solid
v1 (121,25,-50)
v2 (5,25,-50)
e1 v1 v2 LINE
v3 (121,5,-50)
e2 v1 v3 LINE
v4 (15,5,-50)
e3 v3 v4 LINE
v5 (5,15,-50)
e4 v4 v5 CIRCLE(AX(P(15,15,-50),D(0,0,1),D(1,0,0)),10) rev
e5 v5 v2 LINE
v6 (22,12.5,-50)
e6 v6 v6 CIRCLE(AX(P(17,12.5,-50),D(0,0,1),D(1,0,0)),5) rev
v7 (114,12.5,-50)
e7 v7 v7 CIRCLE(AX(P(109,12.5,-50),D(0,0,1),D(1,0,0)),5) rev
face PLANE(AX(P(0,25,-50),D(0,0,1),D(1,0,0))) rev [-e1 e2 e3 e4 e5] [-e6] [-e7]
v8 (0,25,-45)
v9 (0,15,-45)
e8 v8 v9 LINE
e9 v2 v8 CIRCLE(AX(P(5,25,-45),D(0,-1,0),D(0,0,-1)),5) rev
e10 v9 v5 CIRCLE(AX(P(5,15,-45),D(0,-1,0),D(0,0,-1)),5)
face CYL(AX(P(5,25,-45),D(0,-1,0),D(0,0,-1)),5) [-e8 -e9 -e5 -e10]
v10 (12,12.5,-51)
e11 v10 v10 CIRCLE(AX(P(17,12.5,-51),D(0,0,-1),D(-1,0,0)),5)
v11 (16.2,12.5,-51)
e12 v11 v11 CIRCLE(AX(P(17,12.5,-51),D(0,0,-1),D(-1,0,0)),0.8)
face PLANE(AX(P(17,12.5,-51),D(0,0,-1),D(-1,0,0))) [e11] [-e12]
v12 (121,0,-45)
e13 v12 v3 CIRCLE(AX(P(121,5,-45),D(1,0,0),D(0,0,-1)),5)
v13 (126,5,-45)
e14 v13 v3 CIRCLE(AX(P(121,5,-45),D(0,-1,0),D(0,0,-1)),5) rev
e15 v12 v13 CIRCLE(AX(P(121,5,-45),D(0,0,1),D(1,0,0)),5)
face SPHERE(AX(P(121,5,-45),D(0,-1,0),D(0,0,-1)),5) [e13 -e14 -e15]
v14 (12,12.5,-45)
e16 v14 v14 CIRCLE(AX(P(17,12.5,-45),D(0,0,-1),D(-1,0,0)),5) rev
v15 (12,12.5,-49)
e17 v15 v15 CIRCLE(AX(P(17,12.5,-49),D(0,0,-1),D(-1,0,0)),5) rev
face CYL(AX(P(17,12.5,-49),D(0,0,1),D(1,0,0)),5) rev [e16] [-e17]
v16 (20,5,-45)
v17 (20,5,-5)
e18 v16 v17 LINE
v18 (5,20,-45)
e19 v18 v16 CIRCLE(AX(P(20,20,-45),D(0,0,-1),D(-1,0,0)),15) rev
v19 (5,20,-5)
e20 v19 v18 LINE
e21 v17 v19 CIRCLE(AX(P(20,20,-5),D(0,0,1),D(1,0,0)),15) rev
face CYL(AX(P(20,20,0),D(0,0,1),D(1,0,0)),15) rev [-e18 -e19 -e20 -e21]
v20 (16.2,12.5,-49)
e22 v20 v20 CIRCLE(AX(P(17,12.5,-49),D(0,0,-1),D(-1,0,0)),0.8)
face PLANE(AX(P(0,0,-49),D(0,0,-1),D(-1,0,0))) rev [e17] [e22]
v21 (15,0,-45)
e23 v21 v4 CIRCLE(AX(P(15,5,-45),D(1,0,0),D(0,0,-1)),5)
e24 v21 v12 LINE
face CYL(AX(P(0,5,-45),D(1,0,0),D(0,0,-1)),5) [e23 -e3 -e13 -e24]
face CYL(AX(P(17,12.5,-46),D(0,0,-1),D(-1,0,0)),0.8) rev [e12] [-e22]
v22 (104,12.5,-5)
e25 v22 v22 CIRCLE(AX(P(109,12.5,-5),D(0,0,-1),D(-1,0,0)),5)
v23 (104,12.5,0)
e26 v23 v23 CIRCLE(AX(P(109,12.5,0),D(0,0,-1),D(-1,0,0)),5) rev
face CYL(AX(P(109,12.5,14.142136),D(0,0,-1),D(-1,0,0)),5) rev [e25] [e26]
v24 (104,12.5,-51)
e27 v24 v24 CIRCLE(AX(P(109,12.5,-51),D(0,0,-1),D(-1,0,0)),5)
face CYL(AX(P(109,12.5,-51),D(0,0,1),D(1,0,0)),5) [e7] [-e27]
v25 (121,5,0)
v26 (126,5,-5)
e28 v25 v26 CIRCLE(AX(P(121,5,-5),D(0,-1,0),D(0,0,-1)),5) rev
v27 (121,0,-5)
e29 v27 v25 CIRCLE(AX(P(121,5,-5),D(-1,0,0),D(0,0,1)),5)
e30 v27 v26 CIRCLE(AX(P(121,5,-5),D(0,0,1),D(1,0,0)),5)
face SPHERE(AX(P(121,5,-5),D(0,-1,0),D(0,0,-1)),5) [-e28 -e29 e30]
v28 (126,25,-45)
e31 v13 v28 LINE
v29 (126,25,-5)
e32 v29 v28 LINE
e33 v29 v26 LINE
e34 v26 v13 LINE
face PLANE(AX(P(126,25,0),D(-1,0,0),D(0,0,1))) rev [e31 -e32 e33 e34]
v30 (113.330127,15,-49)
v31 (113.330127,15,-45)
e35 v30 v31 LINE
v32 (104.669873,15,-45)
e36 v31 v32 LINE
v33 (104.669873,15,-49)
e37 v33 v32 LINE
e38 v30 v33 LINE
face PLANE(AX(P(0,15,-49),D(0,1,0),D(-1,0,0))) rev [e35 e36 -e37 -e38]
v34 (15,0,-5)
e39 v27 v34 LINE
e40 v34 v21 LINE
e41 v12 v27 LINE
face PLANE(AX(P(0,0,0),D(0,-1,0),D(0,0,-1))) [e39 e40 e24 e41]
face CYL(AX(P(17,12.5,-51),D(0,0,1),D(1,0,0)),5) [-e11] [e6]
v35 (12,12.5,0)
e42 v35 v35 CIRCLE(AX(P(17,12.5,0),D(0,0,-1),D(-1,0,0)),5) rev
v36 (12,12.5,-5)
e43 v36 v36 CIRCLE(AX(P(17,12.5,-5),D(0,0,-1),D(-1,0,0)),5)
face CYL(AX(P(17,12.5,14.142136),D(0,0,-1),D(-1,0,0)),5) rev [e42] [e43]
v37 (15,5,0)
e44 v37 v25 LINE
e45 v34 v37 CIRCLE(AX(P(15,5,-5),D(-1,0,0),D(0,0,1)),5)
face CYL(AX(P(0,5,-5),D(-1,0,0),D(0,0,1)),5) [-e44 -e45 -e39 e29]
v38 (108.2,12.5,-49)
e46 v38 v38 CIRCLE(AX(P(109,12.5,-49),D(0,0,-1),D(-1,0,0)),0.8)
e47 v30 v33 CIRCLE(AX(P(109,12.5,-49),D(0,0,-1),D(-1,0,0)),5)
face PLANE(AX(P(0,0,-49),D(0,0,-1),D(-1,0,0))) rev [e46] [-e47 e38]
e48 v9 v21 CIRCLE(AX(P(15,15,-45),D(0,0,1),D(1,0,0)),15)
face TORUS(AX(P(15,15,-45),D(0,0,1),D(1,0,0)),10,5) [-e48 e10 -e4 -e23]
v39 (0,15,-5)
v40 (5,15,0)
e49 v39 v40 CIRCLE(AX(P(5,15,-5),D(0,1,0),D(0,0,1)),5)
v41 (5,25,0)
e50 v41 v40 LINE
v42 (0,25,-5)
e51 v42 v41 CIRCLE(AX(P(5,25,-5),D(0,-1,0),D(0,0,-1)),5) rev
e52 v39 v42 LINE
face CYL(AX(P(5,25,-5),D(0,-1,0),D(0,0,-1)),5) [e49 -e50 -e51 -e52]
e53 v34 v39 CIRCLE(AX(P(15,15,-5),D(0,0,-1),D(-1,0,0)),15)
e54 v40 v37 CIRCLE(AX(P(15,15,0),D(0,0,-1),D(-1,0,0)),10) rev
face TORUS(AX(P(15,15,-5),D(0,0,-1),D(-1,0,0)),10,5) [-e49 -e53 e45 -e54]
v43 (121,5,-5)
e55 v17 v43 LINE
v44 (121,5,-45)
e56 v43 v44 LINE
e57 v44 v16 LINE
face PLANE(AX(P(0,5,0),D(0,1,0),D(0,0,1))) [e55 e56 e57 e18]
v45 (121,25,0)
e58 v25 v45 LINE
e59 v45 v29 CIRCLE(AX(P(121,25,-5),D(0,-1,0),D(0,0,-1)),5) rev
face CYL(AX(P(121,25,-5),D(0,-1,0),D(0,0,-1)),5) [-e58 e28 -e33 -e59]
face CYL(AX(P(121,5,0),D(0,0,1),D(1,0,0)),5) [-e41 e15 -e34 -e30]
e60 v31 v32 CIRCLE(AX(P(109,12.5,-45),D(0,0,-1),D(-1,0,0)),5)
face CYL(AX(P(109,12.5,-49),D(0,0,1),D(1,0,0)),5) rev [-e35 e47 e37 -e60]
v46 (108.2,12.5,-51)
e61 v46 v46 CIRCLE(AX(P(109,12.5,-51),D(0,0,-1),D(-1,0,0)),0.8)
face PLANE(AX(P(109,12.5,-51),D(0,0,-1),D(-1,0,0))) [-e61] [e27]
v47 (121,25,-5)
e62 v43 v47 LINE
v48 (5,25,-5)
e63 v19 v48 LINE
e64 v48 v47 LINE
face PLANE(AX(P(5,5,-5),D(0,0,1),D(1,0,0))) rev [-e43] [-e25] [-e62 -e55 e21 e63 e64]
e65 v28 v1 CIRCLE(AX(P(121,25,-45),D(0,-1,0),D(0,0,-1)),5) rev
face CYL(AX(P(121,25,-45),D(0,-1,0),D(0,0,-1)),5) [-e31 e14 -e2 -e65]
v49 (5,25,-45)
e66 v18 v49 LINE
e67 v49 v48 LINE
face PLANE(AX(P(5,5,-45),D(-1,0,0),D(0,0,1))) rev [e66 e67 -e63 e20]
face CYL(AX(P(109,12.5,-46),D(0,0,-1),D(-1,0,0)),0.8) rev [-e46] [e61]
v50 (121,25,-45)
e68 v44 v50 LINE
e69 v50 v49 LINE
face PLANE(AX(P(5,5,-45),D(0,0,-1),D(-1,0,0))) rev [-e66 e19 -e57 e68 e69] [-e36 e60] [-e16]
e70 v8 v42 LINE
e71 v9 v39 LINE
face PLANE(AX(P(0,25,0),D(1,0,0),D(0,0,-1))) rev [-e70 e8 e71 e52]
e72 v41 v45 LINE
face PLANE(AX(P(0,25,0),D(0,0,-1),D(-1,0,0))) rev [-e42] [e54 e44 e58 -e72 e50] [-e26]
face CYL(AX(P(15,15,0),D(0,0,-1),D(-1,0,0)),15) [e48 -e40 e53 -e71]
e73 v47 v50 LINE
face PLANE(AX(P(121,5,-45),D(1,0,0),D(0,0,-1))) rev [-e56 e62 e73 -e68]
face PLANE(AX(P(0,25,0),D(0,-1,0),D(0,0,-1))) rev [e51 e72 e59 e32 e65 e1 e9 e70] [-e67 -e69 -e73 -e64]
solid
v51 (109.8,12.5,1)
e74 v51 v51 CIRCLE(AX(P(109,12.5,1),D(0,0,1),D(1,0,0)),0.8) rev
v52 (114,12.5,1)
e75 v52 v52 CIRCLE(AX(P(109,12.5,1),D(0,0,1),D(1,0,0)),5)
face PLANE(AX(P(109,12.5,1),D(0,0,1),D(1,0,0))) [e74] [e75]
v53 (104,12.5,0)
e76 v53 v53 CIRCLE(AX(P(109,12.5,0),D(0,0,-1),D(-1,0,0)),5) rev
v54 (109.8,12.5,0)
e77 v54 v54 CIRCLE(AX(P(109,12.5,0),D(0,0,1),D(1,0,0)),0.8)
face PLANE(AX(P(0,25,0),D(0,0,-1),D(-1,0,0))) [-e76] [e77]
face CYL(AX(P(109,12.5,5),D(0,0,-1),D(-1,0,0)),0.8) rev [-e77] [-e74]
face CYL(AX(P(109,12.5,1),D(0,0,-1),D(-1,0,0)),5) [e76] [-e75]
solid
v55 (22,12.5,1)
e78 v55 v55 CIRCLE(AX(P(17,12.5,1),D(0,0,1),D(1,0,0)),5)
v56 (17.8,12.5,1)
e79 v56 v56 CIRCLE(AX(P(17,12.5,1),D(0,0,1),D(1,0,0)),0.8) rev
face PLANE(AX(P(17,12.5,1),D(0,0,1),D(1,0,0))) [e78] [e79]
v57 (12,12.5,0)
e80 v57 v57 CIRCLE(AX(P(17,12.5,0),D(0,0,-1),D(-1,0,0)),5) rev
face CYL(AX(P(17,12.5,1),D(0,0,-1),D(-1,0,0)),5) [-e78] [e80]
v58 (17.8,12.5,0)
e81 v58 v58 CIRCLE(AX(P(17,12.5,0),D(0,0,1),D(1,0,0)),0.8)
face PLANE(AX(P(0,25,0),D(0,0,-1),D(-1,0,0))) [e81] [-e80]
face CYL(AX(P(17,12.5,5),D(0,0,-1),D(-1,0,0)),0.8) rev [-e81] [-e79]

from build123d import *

# Parameters (mm, degrees)
SKETCH1_W           = 126
SKETCH1_H           = 50
BOSS_EXTRUDE1_DEPTH = 25
SKETCH3_W           = 116
SKETCH3_H           = 40
CUT_EXTRUDE1_DEPTH  = 20
FILLET1_R           = 15
FILLET2_R           = 15
CUT_EXTRUDE2_START  = -5
SKETCH4_R           = 5
CUT_EXTRUDE2_DEPTH  = 4
SKETCH9_R           = 5
BOSS_EXTRUDE5_DEPTH = 1
SKETCH11_R          = 0.8
CUT_EXTRUDE5_DEPTH  = 5
FILLET3_R           = 5
FILLET4_R           = 5
BOSS_EXTRUDE6_START = 1
SKETCH12_R          = 5
BOSS_EXTRUDE6_DEPTH = 1
CUT_EXTRUDE8_START  = -5
SKETCH13_R          = 5
CUT_EXTRUDE8_DEPTH  = 5
SKETCH14_R          = 0.8
CUT_EXTRUDE9_DEPTH  = 5


with BuildPart() as part:
    # Sketch1 → Boss-Extrude1 (new body)
    with BuildSketch(Plane(origin=(0, 0, 0), x_dir=(1, 0, 0), z_dir=(0, 1, 0))):
        with Locations((63, 25)):
            Rectangle(SKETCH1_W, SKETCH1_H)
    extrude(amount=BOSS_EXTRUDE1_DEPTH)

    # Sketch3 → Cut-Extrude1 (cut)
    with BuildSketch(Plane(origin=(0, 25, 0), x_dir=(1, 0, 0), z_dir=(0, 1, 0))):
        with Locations((63, 25)):
            Rectangle(SKETCH3_W, SKETCH3_H)
    extrude(amount=-CUT_EXTRUDE1_DEPTH, mode=Mode.SUBTRACT)

    # Fillet1
    fillet1_edges = [part.edges().sort_by_distance(p)[0] for p in [
        (0, 0, -25),
    ]]
    fillet(fillet1_edges, radius=FILLET1_R)

    # Fillet2
    fillet2_edges = [part.edges().sort_by_distance(p)[0] for p in [
        (5, 5, -25),
    ]]
    fillet(fillet2_edges, radius=FILLET2_R)

    # Sketch4 → Cut-Extrude2 (cut)
    with BuildSketch(Plane(origin=(0, 0, -50), x_dir=(-1, 0, 0), z_dir=(0, 0, -1)).offset(CUT_EXTRUDE2_START)):
        with BuildLine():
            Line((-104.669872981, 15), (-113.330127019, 15))
            ThreePointArc((-113.330127019, 15), (-109, 7.5), (-104.669872981, 15))
        make_face()
        with Locations((-17, 12.5)):
            Circle(SKETCH4_R)
    extrude(amount=CUT_EXTRUDE2_DEPTH, mode=Mode.SUBTRACT)

    # Sketch9 → Boss-Extrude5 (add)
    with BuildSketch(Plane(origin=(0, 0, -50), x_dir=(-1, 0, 0), z_dir=(0, 0, -1))):
        with Locations(Location((-109, 12.5, 0), (0, 0, 180))):
            Circle(SKETCH9_R)
        with Locations((-17, 12.5)):
            Circle(SKETCH9_R)
    extrude(amount=BOSS_EXTRUDE5_DEPTH)

    # Sketch11 → Cut-Extrude5 (cut)
    with BuildSketch(Plane(origin=(0, 0, -51), x_dir=(-1, 0, 0), z_dir=(0, 0, -1))):
        with Locations((-17, 12.5)):
            Circle(SKETCH11_R)
        with Locations((-109, 12.5)):
            Circle(SKETCH11_R)
    extrude(amount=-CUT_EXTRUDE5_DEPTH, mode=Mode.SUBTRACT)

    # Fillet3
    fillet3_edges = [part.edges().sort_by_distance(p)[0] for p in [
        (126, 12.5, -50),
        (126, 12.5, 0),
    ]]
    fillet(fillet3_edges, radius=FILLET3_R)

    # Fillet4
    fillet4_edges = [part.edges().sort_by_distance(p)[0] for p in [
        (68, 0, 0),
        (4.393398282, 4.393398282, 0),
        (4.393398282, 4.393398282, -50),
        (68, 0, -50),
        (126, 0, -25),
        (124.535533906, 0, -1.464466094),
        (124.535533906, 0, -48.535533906),
        (0, 20, -50),
        (0, 20, 0),
    ]]
    fillet(fillet4_edges, radius=FILLET4_R)

    # Sketch12 → Boss-Extrude6 (add)
    with BuildSketch(Plane.XY.offset(BOSS_EXTRUDE6_START)):
        with Locations(Location((17, 12.5, 0), (0, 0, 180))):
            Circle(SKETCH12_R)
        with Locations((109, 12.5)):
            Circle(SKETCH12_R)
    extrude(amount=-BOSS_EXTRUDE6_DEPTH)

    # Sketch13 → Cut-Extrude8 (cut)
    with BuildSketch(Plane(origin=(0, 0, -5), x_dir=(-1, 0, 0), z_dir=(0, 0, -1)).offset(CUT_EXTRUDE8_START)):
        with Locations(Location((-109, 12.5, 0), (0, 0, 180))):
            Circle(SKETCH13_R)
        with Locations((-17, 12.5)):
            Circle(SKETCH13_R)
    extrude(amount=CUT_EXTRUDE8_DEPTH, mode=Mode.SUBTRACT)


with BuildPart() as cut_extrude8_piece_1:
    # of the separate pieces the step leaves, piece 1, a body of its own (cut_extrude8_pieces)
    add(part.part.solids().sort_by_distance((5, 25, 0))[0])


with BuildPart() as cut_extrude8_piece_2:
    # of the separate pieces the step leaves, piece 2, a body of its own (cut_extrude8_pieces)
    add(part.part.solids().sort_by_distance((12, 12.5, 1))[0])


with BuildPart() as cut_extrude8_piece_3:
    # of the separate pieces the step leaves, piece 3, a body of its own (cut_extrude8_pieces)
    add(part.part.solids().sort_by_distance((114, 12.5, 1))[0])


with BuildPart() as cut_extrude9_tool:
    # Sketch14 → Cut-Extrude9 (new body)
    with BuildSketch(Plane.XY):
        with Locations(Location((17, 12.5, 0), (0, 0, 180))):
            Circle(SKETCH14_R)
        with Locations(Location((109, 12.5, 0), (0, 0, 180))):
            Circle(SKETCH14_R)
    extrude(amount=CUT_EXTRUDE9_DEPTH)


with BuildPart() as cut_extrude8_piece_2_1:
    add(cut_extrude8_piece_2.part)

    # Cut-Extrude9: cut by cut_extrude9_tool
    add(cut_extrude9_tool.part, mode=Mode.SUBTRACT)


with BuildPart() as cut_extrude8_piece_3_1:
    add(cut_extrude8_piece_3.part)

    # Cut-Extrude9: cut by cut_extrude9_tool
    add(cut_extrude9_tool.part, mode=Mode.SUBTRACT)


solid = Compound([cut_extrude8_piece_1.part, cut_extrude8_piece_2_1.part, cut_extrude8_piece_3_1.part])
